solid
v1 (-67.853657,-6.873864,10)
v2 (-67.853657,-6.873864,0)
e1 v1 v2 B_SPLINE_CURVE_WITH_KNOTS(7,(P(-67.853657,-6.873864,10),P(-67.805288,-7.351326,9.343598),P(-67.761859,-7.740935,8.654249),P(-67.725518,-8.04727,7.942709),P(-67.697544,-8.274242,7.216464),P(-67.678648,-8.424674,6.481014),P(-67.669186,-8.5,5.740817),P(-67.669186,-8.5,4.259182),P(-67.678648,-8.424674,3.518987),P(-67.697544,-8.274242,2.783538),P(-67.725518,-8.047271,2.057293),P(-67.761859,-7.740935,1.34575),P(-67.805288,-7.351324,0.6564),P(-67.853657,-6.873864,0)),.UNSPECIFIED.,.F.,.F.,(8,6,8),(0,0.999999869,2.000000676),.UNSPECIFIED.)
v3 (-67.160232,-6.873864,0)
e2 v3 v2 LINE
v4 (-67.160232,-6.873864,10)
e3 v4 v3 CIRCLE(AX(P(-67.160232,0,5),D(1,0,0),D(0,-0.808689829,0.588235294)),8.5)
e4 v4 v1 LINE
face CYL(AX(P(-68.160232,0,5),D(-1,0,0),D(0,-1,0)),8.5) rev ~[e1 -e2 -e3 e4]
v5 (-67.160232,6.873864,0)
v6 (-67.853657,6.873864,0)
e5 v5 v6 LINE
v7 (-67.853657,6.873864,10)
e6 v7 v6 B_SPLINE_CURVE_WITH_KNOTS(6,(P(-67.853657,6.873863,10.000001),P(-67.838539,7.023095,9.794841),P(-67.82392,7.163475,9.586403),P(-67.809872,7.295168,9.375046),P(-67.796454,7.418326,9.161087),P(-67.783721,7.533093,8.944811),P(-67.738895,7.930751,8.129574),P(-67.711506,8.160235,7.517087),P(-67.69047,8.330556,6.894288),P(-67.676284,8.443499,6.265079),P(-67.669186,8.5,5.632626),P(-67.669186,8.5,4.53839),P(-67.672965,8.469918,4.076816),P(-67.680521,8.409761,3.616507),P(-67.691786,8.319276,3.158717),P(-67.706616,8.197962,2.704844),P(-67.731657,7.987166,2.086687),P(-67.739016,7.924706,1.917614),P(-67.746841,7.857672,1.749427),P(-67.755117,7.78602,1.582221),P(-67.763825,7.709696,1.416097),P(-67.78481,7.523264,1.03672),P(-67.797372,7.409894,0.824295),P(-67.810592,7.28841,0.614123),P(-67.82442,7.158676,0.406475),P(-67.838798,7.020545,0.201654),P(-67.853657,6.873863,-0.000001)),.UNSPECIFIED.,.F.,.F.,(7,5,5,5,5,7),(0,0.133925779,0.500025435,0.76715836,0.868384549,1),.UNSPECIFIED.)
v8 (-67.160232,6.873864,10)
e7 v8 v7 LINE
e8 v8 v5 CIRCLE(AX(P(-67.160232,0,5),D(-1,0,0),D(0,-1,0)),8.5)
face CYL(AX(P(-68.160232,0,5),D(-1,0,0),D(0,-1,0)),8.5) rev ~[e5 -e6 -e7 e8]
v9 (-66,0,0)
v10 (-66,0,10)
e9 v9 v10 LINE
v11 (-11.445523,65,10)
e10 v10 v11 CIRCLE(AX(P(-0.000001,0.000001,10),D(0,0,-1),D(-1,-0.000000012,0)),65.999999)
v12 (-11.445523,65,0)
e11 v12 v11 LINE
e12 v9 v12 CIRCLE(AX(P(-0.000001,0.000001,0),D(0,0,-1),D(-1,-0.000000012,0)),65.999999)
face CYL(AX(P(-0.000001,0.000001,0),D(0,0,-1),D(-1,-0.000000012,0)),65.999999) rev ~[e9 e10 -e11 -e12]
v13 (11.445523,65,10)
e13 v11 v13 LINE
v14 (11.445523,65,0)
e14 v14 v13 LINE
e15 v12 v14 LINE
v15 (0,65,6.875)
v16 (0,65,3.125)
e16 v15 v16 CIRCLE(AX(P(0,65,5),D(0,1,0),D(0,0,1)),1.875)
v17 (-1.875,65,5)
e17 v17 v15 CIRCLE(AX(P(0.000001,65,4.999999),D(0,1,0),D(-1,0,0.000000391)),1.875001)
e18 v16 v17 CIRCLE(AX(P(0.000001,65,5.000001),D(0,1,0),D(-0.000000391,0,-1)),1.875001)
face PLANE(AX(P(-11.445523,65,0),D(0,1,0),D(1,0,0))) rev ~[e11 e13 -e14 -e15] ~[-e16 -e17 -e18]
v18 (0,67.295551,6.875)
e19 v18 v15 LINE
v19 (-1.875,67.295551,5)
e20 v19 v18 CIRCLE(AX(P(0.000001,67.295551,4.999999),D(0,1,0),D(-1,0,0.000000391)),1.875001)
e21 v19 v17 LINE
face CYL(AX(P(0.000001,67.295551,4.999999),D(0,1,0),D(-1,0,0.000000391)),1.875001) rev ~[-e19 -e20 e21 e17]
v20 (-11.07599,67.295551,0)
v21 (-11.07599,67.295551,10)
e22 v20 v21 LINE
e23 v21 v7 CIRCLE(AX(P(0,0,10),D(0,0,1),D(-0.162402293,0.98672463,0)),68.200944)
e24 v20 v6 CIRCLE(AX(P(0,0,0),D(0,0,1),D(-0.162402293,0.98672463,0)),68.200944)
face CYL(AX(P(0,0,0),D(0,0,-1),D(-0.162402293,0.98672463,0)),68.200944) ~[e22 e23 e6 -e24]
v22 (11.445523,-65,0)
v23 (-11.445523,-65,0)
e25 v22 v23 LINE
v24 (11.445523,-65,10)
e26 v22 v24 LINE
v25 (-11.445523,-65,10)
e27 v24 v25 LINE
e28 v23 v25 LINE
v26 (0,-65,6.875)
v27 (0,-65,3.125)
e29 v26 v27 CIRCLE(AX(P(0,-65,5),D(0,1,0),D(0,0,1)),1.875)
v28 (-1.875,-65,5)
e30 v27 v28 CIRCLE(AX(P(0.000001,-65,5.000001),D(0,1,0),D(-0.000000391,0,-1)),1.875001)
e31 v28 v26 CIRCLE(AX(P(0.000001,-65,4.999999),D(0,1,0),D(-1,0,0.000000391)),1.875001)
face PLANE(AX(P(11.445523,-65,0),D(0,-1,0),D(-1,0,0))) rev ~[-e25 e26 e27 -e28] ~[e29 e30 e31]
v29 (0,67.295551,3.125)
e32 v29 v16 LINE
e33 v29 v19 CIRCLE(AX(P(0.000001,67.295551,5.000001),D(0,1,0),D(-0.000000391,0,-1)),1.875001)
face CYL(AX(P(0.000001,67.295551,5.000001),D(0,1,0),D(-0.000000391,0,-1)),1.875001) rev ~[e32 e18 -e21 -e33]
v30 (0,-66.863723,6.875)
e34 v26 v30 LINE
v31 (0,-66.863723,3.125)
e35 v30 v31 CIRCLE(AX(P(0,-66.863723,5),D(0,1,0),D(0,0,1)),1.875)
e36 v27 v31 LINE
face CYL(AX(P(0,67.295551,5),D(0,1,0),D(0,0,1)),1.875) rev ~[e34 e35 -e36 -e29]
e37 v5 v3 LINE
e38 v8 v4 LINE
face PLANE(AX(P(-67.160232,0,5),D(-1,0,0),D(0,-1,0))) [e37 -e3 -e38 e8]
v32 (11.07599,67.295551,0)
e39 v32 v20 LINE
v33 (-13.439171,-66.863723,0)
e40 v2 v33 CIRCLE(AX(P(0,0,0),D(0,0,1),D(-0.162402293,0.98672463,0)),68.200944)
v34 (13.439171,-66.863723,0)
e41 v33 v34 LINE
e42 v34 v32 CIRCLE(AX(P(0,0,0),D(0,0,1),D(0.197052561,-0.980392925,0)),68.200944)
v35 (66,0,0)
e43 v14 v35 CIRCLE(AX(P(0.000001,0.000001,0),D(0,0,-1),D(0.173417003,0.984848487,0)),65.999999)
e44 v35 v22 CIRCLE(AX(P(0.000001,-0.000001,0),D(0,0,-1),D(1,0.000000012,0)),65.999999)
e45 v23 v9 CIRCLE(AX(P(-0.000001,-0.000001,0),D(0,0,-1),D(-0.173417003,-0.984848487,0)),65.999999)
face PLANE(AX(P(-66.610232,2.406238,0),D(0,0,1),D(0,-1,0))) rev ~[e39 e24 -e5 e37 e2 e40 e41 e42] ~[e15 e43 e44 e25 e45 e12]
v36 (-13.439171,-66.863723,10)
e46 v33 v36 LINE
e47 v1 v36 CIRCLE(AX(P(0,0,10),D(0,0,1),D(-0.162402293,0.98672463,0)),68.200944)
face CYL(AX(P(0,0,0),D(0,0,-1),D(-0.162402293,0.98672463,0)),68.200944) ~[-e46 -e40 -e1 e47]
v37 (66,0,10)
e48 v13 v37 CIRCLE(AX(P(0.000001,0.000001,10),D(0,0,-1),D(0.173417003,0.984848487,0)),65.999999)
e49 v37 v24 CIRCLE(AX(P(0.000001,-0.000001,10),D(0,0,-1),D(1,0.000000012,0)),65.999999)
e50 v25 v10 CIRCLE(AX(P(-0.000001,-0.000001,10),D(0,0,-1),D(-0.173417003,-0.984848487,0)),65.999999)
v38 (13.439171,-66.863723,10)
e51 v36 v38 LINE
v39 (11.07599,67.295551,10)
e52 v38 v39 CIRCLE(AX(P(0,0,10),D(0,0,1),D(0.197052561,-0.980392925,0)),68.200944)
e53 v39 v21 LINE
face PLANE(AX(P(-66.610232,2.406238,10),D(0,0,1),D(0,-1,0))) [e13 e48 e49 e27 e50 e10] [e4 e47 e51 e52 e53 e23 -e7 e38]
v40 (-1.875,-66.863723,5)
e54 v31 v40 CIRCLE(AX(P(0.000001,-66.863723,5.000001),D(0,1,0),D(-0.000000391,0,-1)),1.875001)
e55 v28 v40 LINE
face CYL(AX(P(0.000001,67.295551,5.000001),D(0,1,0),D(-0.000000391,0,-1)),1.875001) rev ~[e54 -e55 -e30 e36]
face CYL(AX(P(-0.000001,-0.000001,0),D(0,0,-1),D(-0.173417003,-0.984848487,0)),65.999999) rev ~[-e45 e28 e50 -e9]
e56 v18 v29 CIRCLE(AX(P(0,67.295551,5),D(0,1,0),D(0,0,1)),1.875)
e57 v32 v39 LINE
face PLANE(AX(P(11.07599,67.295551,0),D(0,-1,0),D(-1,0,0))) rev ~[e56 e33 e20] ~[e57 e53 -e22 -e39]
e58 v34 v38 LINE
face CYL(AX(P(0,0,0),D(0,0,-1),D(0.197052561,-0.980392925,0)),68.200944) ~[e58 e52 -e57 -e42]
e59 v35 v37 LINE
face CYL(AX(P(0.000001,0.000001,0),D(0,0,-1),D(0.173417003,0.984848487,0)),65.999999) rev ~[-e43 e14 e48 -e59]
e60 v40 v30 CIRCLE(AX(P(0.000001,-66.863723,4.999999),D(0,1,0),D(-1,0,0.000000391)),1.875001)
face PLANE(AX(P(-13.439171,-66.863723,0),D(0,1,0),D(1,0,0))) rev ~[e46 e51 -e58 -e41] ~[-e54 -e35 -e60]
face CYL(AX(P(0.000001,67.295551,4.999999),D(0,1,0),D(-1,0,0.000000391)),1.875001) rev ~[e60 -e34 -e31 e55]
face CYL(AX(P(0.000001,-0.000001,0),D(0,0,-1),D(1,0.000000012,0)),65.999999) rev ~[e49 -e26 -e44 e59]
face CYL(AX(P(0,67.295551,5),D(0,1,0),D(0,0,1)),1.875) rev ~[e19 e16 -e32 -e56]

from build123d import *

# Parameters (mm, degrees)
F1_DEPTH = 10
F3_DEPTH = 170
F4_W     = 4.053228
F4_H     = 4.812476
F5_DEPTH = 25
F6_W     = 4.812476
F6_H     = 10
F7_DEPTH = 1.55
F8_R     = 8.5
F9_DEPTH = 1


with BuildPart() as f1:
    # F0 (on Top) → F1 (new body)
    with BuildSketch(Plane.XY):
        with BuildLine():
            Line((0, -66.863723), (13.439171, -66.863723))
            ThreePointArc((13.439171, -66.863723), (68.190366, 1.201156), (11.07599, 67.295551))
            Line((11.07599, 67.295551), (0, 67.295551))
            Line((0, 67.295551), (-11.07599, 67.295551))
            ThreePointArc((-11.07599, 67.295551), (-68.190366, 1.201156), (-13.439171, -66.863723))
            Line((-13.439171, -66.863723), (0, -66.863723))
        make_face()
        with BuildLine():
            Line((-11.445523, 65), (0, 65))
            Line((0, 65), (11.445523, 65))
            ThreePointArc((11.445523, 65), (50.553954, 42.429916), (66, 0))
            ThreePointArc((66, 0), (50.553954, -42.429916), (11.445523, -65))
            Line((11.445523, -65), (0, -65))
            Line((0, -65), (-11.445523, -65))
            ThreePointArc((-11.445523, -65), (-50.553954, -42.429916), (-66, 0))
            ThreePointArc((-66, 0), (-50.553954, 42.429916), (-11.445523, 65))
        make_face(mode=Mode.SUBTRACT)
    extrude(amount=F1_DEPTH)

    # F2 (on face) → F3 (cut)
    with BuildSketch(Plane(origin=(0, 67.295551, 0), x_dir=(-1, 0, 0), z_dir=(0, 1, 0))):
        with BuildLine():
            ThreePointArc((0, 6.875), (-1.875, 5), (0, 3.125))
            Line((0, 3.125), (0, 6.875))
        make_face()
        with BuildLine():
            Line((0, 6.875), (0, 3.125))
            ThreePointArc((0, 3.125), (1.325825, 3.674175), (1.875, 5))
            ThreePointArc((1.875, 5), (1.325825, 6.325825), (0, 6.875))
        make_face()
    extrude(amount=-F3_DEPTH, mode=Mode.SUBTRACT)

    # F4 (on face) → F5 (cut)
    with BuildSketch(Plane.XY.offset(10)):
        with Locations((-68.636846, 0)):
            Rectangle(F4_W, F4_H)
    extrude(amount=-F5_DEPTH, mode=Mode.SUBTRACT)

    # F6 (on face) → F7 (join)
    with BuildSketch(Plane(origin=(-66.610232, 0, 0), x_dir=(0, -1, 0), z_dir=(-1, 0, 0))):
        with Locations((0, 5)):
            Rectangle(F6_W, F6_H)
    extrude(amount=F7_DEPTH)

    # F8 (on face) → F9 (cut)
    with BuildSketch(Plane(origin=(-68.160232, 0, 0), x_dir=(0, -1, 0), z_dir=(-1, 0, 0))):
        with Locations((0, 5)):
            Circle(F8_R)
    extrude(amount=-F9_DEPTH, mode=Mode.SUBTRACT)


solid = f1.part
